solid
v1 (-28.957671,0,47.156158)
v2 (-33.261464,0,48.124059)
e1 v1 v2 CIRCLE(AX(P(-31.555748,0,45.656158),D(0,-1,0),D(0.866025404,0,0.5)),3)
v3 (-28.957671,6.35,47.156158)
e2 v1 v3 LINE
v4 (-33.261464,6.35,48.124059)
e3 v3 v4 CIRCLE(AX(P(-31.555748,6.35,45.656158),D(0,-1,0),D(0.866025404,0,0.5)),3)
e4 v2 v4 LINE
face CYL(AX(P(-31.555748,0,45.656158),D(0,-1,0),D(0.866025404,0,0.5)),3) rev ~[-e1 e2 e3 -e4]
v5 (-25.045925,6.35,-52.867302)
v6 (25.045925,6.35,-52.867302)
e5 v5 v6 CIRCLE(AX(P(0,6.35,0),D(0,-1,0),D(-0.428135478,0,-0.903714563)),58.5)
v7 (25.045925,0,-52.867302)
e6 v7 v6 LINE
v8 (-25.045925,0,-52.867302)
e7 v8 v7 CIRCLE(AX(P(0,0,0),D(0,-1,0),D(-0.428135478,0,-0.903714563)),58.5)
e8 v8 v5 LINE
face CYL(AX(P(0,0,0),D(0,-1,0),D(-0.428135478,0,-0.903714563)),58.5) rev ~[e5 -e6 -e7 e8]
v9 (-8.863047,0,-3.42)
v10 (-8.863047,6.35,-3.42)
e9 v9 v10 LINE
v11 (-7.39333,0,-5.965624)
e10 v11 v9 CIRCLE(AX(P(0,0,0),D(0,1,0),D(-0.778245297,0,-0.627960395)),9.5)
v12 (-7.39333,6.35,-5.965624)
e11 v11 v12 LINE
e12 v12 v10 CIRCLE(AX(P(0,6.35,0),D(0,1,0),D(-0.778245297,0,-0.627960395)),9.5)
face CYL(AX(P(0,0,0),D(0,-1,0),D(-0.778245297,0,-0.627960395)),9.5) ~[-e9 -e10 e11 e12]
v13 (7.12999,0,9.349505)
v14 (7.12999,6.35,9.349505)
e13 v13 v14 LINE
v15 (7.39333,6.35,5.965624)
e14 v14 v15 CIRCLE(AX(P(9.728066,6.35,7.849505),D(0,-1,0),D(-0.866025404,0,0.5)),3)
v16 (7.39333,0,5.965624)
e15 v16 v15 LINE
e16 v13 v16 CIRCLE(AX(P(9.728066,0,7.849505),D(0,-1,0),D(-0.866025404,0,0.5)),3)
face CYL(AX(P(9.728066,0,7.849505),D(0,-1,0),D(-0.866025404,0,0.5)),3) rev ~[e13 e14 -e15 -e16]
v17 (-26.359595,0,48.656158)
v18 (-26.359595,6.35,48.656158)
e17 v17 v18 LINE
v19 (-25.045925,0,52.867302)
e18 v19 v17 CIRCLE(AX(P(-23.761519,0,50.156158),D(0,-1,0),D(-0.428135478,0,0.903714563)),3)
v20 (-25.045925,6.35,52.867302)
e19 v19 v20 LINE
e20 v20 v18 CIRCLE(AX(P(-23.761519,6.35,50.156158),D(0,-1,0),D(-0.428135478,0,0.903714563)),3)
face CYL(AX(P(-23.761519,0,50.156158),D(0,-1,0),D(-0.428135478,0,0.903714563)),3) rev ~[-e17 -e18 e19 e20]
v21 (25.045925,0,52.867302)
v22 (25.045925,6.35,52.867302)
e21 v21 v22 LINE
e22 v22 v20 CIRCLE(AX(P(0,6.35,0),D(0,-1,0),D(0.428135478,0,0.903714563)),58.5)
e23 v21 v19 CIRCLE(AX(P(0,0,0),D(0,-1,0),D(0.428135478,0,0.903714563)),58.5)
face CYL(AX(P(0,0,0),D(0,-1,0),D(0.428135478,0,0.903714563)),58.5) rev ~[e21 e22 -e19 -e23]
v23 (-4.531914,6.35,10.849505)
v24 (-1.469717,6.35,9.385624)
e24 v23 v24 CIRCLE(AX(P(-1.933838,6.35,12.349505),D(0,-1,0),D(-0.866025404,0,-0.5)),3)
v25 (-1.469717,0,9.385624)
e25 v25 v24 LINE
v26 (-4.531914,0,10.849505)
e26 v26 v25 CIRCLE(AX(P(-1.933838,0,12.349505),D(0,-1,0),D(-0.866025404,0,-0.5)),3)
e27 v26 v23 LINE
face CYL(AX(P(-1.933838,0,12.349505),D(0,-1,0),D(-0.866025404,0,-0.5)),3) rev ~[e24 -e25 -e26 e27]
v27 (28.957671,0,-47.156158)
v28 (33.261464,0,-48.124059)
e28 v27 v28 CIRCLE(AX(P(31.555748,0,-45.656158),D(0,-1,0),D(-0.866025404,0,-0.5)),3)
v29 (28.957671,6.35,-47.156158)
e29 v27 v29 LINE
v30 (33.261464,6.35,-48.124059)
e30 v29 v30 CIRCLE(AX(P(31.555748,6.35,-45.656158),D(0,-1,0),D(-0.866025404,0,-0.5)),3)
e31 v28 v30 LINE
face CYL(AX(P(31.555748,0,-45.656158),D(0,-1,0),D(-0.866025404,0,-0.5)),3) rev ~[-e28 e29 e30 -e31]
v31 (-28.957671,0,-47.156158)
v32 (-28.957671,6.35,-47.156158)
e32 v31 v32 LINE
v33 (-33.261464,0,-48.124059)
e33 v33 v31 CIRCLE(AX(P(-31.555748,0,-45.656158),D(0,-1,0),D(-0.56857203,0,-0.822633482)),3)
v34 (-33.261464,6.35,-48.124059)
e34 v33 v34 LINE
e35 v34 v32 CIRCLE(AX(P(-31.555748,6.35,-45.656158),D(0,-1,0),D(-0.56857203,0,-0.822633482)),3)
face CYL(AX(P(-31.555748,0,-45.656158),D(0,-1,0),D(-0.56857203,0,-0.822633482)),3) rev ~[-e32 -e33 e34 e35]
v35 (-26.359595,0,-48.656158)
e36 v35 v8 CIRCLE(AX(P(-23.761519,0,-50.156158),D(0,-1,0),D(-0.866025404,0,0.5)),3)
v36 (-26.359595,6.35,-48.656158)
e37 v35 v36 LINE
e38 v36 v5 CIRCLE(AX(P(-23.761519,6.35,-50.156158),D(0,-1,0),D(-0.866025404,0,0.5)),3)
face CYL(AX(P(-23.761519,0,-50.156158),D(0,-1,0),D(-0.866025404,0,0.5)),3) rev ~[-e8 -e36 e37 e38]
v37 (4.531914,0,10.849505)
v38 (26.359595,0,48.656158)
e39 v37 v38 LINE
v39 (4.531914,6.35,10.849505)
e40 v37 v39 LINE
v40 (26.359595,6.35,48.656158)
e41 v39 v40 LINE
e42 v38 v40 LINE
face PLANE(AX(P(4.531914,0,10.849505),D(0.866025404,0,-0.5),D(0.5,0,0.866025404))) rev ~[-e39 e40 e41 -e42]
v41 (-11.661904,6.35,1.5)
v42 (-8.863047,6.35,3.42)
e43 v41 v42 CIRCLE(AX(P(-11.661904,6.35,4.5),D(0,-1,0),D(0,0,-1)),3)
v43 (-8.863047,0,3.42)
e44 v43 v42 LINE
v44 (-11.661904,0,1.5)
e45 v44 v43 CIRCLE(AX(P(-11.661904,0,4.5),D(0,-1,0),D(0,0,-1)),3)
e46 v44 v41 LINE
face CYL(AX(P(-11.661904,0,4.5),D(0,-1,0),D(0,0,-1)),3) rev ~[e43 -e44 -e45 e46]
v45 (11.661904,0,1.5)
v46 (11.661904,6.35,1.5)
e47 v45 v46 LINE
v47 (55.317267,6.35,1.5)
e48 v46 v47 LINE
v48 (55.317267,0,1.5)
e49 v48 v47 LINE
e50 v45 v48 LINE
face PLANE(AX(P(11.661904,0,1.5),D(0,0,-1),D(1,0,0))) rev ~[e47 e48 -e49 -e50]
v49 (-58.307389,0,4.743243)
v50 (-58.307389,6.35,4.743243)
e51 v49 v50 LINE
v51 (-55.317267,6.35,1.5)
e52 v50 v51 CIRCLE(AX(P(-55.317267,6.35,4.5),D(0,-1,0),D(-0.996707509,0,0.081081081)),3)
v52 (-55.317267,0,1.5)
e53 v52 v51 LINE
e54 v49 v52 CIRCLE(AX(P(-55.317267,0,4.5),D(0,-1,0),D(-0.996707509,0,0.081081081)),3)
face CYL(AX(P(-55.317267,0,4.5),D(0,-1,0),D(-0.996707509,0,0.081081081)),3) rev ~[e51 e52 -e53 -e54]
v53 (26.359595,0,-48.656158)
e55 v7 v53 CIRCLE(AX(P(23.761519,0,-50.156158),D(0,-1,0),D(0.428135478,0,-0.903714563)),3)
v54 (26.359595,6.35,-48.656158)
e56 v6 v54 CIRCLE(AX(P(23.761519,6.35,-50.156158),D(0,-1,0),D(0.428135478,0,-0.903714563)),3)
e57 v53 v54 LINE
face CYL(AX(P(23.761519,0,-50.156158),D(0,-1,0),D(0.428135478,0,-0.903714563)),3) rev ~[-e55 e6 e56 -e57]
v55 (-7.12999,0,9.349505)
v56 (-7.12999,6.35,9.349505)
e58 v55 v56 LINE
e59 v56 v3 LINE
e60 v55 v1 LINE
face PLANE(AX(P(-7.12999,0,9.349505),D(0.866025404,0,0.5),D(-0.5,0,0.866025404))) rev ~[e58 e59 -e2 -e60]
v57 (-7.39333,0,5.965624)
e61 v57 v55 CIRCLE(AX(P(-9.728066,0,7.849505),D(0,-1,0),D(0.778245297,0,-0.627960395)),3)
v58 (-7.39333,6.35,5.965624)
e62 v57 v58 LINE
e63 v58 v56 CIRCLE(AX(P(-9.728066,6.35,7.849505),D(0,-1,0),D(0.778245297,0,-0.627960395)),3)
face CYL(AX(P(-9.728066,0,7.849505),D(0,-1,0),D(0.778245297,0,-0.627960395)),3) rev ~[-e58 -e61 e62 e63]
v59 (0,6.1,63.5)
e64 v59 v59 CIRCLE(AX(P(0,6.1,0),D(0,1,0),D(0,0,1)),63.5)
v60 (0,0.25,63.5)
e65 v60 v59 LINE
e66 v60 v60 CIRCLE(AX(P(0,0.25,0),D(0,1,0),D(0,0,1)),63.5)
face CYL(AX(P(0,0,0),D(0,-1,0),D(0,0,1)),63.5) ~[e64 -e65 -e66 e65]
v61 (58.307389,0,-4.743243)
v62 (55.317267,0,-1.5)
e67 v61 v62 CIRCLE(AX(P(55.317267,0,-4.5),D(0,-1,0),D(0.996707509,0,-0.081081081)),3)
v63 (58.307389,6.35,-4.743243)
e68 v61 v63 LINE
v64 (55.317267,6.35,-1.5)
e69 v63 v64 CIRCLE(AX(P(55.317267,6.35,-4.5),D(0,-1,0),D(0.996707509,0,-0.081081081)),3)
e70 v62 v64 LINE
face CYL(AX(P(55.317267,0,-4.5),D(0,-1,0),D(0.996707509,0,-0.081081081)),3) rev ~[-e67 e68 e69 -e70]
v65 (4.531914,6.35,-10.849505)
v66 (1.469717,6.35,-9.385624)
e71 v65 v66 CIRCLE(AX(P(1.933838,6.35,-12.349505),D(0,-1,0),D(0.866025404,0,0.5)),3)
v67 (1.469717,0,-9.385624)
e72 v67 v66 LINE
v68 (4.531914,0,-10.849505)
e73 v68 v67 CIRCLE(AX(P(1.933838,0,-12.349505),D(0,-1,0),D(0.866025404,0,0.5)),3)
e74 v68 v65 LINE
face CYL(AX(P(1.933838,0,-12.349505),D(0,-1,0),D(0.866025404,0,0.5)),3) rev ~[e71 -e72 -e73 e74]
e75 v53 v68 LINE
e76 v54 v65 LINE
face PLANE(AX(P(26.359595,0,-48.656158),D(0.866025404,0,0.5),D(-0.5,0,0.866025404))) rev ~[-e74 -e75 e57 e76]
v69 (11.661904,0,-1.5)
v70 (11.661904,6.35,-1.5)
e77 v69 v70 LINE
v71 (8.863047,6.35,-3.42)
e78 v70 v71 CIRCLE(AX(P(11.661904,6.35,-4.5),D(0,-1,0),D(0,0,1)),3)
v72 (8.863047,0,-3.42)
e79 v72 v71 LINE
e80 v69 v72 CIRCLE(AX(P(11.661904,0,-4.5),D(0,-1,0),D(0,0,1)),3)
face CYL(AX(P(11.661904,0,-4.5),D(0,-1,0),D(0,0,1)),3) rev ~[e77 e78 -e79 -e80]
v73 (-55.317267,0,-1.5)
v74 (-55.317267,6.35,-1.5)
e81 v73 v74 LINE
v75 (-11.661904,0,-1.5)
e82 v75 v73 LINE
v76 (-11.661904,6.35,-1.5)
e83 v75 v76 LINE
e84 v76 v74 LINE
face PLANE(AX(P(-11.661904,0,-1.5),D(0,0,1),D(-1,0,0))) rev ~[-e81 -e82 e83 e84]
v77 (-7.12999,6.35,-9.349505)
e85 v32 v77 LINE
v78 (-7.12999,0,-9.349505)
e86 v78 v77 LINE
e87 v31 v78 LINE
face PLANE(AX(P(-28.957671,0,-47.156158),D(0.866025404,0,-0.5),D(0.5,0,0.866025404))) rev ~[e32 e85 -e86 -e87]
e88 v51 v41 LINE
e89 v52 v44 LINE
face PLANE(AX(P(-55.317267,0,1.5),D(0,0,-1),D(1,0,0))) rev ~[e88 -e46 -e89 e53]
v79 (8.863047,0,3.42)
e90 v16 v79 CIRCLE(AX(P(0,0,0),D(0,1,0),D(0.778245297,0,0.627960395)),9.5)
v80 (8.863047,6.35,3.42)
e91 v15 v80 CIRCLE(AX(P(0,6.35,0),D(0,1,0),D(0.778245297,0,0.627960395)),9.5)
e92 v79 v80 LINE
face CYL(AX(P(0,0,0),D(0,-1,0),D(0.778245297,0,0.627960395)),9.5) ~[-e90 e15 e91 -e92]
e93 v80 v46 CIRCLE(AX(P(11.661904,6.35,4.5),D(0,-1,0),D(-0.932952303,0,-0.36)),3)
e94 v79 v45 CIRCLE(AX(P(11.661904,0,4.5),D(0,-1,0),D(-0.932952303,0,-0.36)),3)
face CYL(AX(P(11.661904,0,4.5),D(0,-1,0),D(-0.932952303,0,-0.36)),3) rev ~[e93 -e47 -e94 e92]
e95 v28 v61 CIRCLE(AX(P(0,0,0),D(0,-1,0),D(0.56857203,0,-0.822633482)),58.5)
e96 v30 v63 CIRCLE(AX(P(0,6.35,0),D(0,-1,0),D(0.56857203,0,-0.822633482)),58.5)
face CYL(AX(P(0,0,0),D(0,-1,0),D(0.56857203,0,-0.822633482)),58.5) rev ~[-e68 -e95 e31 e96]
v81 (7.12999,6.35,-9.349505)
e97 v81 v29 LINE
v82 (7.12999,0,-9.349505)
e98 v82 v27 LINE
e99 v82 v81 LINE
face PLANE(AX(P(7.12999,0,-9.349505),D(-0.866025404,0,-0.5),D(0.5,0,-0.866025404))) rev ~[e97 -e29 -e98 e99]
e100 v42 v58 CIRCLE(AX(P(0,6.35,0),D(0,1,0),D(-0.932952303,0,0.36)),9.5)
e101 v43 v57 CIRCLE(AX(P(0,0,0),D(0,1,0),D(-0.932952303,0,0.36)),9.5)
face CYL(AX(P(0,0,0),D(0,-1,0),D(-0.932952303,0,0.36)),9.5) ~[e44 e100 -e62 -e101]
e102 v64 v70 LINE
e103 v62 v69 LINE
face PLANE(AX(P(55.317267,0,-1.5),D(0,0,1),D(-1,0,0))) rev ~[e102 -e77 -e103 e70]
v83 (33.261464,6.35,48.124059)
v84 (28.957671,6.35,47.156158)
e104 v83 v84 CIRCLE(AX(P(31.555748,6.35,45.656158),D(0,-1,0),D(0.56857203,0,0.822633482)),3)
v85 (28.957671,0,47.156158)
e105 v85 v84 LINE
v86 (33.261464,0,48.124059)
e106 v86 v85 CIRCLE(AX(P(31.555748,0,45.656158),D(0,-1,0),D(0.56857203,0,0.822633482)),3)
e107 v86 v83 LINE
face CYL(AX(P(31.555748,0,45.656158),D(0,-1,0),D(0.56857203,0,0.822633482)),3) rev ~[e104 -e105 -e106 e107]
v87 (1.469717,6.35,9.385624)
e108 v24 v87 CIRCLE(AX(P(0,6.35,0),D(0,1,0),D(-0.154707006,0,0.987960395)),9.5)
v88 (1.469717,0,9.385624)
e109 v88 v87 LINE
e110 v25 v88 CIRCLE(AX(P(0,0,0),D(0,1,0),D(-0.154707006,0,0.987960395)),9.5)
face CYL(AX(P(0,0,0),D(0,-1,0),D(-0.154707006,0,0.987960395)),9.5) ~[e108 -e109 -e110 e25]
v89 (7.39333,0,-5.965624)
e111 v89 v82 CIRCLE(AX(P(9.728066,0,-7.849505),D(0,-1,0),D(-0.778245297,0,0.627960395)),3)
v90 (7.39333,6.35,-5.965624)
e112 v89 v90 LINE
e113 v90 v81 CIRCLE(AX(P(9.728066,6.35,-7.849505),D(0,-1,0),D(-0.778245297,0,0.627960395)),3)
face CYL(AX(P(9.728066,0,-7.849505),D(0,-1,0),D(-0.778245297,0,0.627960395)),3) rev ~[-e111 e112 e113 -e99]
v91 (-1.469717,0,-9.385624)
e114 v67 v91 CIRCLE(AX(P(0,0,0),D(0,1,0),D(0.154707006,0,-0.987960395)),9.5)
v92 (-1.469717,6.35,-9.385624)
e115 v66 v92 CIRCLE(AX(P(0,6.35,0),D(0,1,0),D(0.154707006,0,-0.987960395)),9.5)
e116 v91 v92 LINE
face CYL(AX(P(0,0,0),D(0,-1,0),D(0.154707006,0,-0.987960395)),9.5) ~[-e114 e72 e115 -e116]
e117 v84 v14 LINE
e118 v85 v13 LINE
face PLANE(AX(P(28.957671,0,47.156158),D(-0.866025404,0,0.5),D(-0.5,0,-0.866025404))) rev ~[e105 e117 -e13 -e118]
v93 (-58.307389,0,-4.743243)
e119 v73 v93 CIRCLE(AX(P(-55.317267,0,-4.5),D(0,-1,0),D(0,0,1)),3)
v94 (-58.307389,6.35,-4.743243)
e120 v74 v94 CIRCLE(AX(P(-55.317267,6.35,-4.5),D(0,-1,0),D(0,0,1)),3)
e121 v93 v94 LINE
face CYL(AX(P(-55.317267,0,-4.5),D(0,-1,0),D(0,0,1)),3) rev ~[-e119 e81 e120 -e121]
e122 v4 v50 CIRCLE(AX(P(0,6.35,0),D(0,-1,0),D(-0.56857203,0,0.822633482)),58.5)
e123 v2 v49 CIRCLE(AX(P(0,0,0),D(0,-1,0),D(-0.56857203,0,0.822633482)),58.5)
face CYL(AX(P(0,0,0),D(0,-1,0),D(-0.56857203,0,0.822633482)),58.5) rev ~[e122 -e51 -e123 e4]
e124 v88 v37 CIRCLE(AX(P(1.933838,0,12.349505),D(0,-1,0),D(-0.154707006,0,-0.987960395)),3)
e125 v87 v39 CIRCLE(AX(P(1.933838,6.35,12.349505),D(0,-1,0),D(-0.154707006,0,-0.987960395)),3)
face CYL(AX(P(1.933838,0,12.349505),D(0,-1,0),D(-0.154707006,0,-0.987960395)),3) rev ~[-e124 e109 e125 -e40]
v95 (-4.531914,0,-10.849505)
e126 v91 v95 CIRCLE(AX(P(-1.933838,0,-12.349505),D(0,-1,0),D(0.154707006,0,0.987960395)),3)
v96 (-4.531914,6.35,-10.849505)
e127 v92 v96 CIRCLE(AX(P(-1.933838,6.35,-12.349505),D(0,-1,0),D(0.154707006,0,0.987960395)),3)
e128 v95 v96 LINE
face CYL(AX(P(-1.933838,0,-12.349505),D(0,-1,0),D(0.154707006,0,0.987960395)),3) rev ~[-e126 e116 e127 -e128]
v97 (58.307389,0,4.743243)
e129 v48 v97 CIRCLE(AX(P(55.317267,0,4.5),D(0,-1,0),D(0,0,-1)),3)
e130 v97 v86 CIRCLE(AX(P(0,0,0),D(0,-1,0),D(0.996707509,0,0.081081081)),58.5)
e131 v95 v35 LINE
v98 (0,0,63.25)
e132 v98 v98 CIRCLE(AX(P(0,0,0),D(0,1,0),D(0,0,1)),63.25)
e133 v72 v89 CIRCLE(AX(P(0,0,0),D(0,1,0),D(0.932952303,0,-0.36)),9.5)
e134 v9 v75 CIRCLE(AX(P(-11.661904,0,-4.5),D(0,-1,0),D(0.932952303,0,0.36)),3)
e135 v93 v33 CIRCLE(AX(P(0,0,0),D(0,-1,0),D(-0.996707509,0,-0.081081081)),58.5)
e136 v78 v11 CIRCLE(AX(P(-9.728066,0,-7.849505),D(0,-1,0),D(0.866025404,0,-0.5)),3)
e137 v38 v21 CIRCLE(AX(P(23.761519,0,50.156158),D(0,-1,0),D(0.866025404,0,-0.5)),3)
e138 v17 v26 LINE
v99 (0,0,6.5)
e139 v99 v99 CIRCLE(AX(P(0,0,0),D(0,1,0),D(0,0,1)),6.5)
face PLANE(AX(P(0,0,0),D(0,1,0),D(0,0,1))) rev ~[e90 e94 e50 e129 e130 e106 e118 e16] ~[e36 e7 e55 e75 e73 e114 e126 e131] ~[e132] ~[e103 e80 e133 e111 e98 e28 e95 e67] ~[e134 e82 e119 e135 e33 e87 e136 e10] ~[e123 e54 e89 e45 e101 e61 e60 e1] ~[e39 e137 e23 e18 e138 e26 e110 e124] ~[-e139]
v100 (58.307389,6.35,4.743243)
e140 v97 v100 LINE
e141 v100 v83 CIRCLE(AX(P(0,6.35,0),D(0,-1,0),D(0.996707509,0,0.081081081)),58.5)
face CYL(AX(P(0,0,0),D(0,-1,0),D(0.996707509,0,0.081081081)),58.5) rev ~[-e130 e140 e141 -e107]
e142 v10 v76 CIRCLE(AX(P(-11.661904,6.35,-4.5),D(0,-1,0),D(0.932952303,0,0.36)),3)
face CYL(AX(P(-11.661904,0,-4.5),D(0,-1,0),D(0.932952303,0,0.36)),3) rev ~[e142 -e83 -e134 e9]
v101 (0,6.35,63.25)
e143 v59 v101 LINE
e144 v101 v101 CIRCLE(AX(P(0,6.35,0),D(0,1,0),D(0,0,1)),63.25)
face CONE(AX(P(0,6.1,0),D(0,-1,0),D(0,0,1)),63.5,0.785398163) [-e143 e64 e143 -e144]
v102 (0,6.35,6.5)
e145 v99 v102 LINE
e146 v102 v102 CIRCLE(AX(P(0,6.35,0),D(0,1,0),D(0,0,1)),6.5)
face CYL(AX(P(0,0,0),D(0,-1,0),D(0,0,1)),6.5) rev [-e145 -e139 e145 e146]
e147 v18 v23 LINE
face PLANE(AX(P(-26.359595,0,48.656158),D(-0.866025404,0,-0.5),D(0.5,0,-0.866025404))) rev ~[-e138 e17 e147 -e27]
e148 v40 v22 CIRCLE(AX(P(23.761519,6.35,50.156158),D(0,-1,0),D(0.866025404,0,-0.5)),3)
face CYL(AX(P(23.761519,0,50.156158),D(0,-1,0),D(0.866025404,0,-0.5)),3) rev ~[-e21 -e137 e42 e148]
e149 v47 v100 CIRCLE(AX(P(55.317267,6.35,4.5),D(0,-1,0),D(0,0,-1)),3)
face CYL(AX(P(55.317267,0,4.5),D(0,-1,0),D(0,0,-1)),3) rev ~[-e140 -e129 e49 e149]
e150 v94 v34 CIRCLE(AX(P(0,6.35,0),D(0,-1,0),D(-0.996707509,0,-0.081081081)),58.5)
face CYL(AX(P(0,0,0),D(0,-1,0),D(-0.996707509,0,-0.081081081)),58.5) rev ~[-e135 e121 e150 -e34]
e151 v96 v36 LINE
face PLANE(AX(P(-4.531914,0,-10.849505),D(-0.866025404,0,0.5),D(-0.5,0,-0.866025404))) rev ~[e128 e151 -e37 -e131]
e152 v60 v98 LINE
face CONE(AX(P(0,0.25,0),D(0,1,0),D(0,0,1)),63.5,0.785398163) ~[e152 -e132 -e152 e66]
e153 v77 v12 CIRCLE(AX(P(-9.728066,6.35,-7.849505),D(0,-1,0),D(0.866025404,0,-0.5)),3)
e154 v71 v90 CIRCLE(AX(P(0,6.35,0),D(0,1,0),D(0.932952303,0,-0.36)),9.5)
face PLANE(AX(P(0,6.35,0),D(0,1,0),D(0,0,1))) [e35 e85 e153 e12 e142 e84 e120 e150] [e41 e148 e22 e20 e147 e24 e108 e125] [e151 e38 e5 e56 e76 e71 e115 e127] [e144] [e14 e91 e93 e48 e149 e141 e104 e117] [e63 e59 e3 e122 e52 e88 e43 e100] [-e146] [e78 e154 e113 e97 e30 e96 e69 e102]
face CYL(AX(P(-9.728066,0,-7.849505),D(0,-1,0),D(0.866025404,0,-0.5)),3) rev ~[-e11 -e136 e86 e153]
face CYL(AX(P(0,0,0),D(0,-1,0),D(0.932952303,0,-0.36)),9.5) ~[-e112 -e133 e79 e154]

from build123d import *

# Parameters (mm, degrees)
SKETCH1_R           = 63.5
SKETCH1_R_2         = 6.5
BOSS_EXTRUDE3_DEPTH = 6.35
CHAMFER2_SIZE       = 0.25


with BuildPart() as part:
    # Sketch1 → Boss-Extrude3 (new body)
    with BuildSketch(Plane(origin=(0, 0, 0), x_dir=(1, 0, 0), z_dir=(0, 1, 0))):
        Circle(SKETCH1_R)
        Circle(SKETCH1_R_2, mode=Mode.SUBTRACT)
        with BuildLine():
            Line((-4.531913789, 10.849504938), (-26.359595266, 48.656158268))
            ThreePointArc((-26.359595266, 48.656158268), (-26.62540639, 51.049550304), (-25.04592549, 52.867301958))
            ThreePointArc((-25.04592549, 52.867301958), (0, 58.5), (25.04592549, 52.867301958))
            ThreePointArc((25.04592549, 52.867301958), (26.62540639, 51.049550304), (26.359595266, 48.656158268))
            Line((26.359595266, 48.656158268), (4.531913789, 10.849504938))
            ThreePointArc((4.531913789, 10.849504938), (3.227737969, 9.642879405), (1.469716559, 9.385623753))
            ThreePointArc((1.469716559, 9.385623753), (0, 9.5), (-1.469716559, 9.385623753))
            ThreePointArc((-1.469716559, 9.385623753), (-3.227737969, 9.642879405), (-4.531913789, 10.849504938))
        make_face(mode=Mode.SUBTRACT)
        with BuildLine():
            Line((7.129990001, 9.349504938), (28.957671478, 47.156158268))
            ThreePointArc((28.957671478, 47.156158268), (30.89750422, 48.583053472), (33.26146378, 48.124058715))
            ThreePointArc((33.26146378, 48.124058715), (50.662486121, 29.25), (58.30738927, 4.743243243))
            ThreePointArc((58.30738927, 4.743243243), (57.52291061, 2.466496832), (55.317266744, 1.5))
            Line((55.317266744, 1.5), (11.66190379, 1.5))
            ThreePointArc((11.66190379, 1.5), (9.964847515, 2.026136625), (8.86304688, 3.42))
            ThreePointArc((8.86304688, 3.42), (8.227241336, 4.75), (7.393330321, 5.965623753))
            ThreePointArc((7.393330321, 5.965623753), (6.737109546, 7.61674278), (7.129990001, 9.349504938))
        make_face(mode=Mode.SUBTRACT)
        with BuildLine():
            Line((11.66190379, -1.5), (55.317266744, -1.5))
            ThreePointArc((55.317266744, -1.5), (57.52291061, -2.466496832), (58.30738927, -4.743243243))
            ThreePointArc((58.30738927, -4.743243243), (50.662486121, -29.25), (33.26146378, -48.124058715))
            ThreePointArc((33.26146378, -48.124058715), (30.89750422, -48.583053472), (28.957671478, -47.156158268))
            Line((28.957671478, -47.156158268), (7.129990001, -9.349504938))
            ThreePointArc((7.129990001, -9.349504938), (6.737109546, -7.61674278), (7.393330321, -5.965623753))
            ThreePointArc((7.393330321, -5.965623753), (8.227241336, -4.75), (8.86304688, -3.42))
            ThreePointArc((8.86304688, -3.42), (9.964847515, -2.026136625), (11.66190379, -1.5))
        make_face(mode=Mode.SUBTRACT)
        with BuildLine():
            Line((4.531913789, -10.849504938), (26.359595266, -48.656158268))
            ThreePointArc((26.359595266, -48.656158268), (26.62540639, -51.049550304), (25.04592549, -52.867301958))
            ThreePointArc((25.04592549, -52.867301958), (0, -58.5), (-25.04592549, -52.867301958))
            ThreePointArc((-25.04592549, -52.867301958), (-26.62540639, -51.049550304), (-26.359595266, -48.656158268))
            Line((-26.359595266, -48.656158268), (-4.531913789, -10.849504938))
            ThreePointArc((-4.531913789, -10.849504938), (-3.227737969, -9.642879405), (-1.469716559, -9.385623753))
            ThreePointArc((-1.469716559, -9.385623753), (0, -9.5), (1.469716559, -9.385623753))
            ThreePointArc((1.469716559, -9.385623753), (3.227737969, -9.642879405), (4.531913789, -10.849504938))
        make_face(mode=Mode.SUBTRACT)
        with BuildLine():
            Line((-7.129990001, -9.349504938), (-28.957671478, -47.156158268))
            ThreePointArc((-28.957671478, -47.156158268), (-30.89750422, -48.583053472), (-33.26146378, -48.124058715))
            ThreePointArc((-33.26146378, -48.124058715), (-50.662486121, -29.25), (-58.30738927, -4.743243243))
            ThreePointArc((-58.30738927, -4.743243243), (-57.52291061, -2.466496832), (-55.317266744, -1.5))
            Line((-55.317266744, -1.5), (-11.66190379, -1.5))
            ThreePointArc((-11.66190379, -1.5), (-9.964847515, -2.026136625), (-8.86304688, -3.42))
            ThreePointArc((-8.86304688, -3.42), (-8.227241336, -4.75), (-7.393330321, -5.965623753))
            ThreePointArc((-7.393330321, -5.965623753), (-6.737109546, -7.61674278), (-7.129990001, -9.349504938))
        make_face(mode=Mode.SUBTRACT)
        with BuildLine():
            Line((-11.66190379, 1.5), (-55.317266744, 1.5))
            ThreePointArc((-55.317266744, 1.5), (-57.52291061, 2.466496832), (-58.30738927, 4.743243243))
            ThreePointArc((-58.30738927, 4.743243243), (-50.662486121, 29.25), (-33.26146378, 48.124058715))
            ThreePointArc((-33.26146378, 48.124058715), (-30.89750422, 48.583053472), (-28.957671478, 47.156158268))
            Line((-28.957671478, 47.156158268), (-7.129990001, 9.349504938))
            ThreePointArc((-7.129990001, 9.349504938), (-6.737109546, 7.61674278), (-7.393330321, 5.965623753))
            ThreePointArc((-7.393330321, 5.965623753), (-8.227241336, 4.75), (-8.86304688, 3.42))
            ThreePointArc((-8.86304688, 3.42), (-9.964847515, 2.026136625), (-11.66190379, 1.5))
        make_face(mode=Mode.SUBTRACT)
    extrude(amount=BOSS_EXTRUDE3_DEPTH)

    # Chamfer2
    chamfer2_edges = [part.edges().sort_by_distance(p)[0] for p in [
        (-63.5, 6.35, 0),
        (-63.5, 6.35, 0),
        (-63.5, 6.35, 0),
        (-63.5, 6.35, 0),
        (-63.5, 0, 0),
        (-63.5, 0, 0),
        (-63.5, 0, 0),
        (-63.5, 0, 0),
    ]]
    chamfer(chamfer2_edges, length=CHAMFER2_SIZE)


solid = part.part
